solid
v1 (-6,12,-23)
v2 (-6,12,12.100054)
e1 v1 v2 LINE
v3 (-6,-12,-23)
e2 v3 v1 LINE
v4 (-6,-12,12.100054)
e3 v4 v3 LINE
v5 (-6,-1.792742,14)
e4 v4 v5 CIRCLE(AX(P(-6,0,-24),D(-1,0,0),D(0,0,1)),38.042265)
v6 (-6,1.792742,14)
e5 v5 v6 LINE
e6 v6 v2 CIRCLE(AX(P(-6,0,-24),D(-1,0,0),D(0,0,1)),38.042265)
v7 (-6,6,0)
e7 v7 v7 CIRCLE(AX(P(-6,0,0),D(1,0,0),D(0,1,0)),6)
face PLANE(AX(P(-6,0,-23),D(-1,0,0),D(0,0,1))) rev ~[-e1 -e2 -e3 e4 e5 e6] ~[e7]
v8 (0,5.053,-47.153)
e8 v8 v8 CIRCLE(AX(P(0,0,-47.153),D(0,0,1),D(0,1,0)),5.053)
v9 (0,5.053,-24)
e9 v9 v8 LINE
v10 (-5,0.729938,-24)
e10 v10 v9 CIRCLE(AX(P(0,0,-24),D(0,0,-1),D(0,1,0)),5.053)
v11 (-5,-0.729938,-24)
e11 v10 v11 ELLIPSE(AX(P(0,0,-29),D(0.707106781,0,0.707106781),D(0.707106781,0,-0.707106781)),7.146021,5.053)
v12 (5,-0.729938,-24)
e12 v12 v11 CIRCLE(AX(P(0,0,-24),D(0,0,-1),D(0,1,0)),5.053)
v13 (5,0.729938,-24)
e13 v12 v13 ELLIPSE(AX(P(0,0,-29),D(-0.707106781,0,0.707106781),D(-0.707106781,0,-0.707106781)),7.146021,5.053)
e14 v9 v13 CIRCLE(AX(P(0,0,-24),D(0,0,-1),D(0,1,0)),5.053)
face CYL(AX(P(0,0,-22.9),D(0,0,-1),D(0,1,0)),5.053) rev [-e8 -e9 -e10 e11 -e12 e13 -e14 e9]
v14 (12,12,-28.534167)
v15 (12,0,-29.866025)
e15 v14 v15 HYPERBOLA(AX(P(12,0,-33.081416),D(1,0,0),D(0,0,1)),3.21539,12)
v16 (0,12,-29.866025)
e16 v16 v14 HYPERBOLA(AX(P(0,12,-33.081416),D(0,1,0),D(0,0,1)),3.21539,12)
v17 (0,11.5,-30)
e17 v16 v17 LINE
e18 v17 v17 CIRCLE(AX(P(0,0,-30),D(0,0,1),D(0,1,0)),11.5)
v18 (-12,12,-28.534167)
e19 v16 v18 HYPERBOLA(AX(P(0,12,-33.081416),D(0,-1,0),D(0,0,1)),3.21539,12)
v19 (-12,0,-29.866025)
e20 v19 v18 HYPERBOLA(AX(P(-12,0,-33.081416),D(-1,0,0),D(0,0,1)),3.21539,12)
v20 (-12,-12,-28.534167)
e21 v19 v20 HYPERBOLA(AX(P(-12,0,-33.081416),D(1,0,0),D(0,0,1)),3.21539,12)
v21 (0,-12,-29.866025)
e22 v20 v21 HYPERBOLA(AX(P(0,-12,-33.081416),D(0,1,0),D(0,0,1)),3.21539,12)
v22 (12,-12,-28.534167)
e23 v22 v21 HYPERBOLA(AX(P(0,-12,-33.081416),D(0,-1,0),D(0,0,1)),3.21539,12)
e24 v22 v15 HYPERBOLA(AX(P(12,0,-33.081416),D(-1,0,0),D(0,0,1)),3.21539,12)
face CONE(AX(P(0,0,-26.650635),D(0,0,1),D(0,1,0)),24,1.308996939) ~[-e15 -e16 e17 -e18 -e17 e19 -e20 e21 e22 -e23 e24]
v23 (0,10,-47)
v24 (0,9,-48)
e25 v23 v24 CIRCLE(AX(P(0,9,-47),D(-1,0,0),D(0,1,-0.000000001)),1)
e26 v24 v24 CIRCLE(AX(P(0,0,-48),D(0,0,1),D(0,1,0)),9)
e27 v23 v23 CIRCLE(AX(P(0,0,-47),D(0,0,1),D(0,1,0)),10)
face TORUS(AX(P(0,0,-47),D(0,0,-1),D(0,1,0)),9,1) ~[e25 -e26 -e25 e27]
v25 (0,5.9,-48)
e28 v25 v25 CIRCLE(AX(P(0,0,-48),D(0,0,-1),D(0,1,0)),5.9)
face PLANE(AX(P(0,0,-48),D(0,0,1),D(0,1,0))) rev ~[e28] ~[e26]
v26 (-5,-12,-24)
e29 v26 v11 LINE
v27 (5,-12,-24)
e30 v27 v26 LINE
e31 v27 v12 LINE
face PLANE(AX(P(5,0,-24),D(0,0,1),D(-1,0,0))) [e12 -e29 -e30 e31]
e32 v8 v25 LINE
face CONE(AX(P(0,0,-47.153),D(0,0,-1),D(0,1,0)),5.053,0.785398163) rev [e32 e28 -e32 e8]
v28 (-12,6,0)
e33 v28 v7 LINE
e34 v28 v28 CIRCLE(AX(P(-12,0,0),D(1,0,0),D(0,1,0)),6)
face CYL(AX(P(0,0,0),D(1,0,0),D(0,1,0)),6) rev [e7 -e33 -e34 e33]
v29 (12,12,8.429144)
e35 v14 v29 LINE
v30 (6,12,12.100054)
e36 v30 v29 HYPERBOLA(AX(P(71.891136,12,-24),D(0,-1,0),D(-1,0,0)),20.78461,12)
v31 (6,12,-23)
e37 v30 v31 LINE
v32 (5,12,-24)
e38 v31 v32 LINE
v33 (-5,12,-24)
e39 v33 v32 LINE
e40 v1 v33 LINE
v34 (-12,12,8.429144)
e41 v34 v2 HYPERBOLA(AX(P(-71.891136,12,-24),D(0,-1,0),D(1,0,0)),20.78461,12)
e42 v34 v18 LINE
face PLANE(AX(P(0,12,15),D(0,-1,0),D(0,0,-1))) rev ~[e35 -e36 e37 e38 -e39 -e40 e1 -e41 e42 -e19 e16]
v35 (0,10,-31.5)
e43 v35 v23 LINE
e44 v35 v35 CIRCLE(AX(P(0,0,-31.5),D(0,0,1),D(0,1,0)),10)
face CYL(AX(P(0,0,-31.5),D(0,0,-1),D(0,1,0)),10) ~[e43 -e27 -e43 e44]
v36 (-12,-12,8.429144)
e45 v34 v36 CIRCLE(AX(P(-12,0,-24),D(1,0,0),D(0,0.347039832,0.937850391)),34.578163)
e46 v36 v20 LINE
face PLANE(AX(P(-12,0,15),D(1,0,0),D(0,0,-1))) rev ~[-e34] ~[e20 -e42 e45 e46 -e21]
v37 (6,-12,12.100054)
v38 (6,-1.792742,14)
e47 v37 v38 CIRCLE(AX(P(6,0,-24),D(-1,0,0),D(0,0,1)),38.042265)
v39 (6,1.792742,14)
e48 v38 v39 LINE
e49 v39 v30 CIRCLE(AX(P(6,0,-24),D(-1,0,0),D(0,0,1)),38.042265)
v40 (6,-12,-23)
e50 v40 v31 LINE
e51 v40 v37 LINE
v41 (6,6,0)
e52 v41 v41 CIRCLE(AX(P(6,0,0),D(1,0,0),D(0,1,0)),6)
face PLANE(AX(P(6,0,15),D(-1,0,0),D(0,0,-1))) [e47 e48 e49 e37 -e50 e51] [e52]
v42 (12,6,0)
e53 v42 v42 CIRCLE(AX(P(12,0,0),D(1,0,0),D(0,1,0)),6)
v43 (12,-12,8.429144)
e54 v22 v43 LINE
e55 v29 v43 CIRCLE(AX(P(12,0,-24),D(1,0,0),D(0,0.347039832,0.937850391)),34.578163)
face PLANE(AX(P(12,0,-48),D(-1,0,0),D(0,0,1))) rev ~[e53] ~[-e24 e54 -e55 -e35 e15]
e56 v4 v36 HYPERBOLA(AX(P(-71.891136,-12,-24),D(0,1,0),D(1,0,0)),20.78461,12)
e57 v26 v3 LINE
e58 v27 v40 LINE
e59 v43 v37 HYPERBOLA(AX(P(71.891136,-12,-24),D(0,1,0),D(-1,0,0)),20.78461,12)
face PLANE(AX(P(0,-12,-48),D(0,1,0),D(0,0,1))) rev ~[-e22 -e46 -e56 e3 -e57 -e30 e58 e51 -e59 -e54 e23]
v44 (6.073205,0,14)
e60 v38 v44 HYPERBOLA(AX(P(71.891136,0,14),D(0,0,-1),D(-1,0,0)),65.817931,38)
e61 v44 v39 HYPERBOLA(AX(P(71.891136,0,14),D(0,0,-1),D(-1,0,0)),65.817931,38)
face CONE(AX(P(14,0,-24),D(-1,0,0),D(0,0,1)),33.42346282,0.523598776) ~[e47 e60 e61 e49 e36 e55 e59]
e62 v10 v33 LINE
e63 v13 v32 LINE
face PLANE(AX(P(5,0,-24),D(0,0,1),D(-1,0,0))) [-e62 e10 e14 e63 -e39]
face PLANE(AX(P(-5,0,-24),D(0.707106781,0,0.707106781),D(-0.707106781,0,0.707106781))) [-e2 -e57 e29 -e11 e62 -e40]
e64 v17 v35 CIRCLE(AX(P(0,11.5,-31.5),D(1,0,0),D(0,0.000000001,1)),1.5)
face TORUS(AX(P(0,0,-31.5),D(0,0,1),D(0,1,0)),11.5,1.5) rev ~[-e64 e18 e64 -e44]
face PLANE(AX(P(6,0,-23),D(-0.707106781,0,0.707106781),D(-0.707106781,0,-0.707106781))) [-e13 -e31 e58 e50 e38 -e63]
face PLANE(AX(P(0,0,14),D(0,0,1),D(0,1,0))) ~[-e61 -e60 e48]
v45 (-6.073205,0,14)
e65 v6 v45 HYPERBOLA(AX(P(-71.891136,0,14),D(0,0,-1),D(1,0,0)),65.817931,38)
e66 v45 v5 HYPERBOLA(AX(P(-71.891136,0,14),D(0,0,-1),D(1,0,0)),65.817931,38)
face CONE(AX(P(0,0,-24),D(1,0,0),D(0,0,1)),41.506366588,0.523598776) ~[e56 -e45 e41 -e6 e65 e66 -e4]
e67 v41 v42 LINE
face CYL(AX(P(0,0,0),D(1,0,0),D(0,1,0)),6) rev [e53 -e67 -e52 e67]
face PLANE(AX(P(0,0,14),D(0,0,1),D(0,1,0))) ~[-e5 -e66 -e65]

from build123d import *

# Parameters (mm, degrees)
CUT_EXTRUDE1_DEPTH           = 25
CUT_EXTRUDE1_DEPTH_BACK      = 25
CUT_EXTRUDE2_DEPTH           = 25
CUT_EXTRUDE2_DEPTH_BACK      = 25
CUT_EXTRUDE3_DEPTH           = 25
CUT_EXTRUDE3_DEPTH_BACK      = 25
SKETCH5_W                    = 31.1
SKETCH5_H                    = 6
CUT_REVOLVE3_ANGLE           = 90
CUT_REVOLVE3_OTHER_WAY_ANGLE = 90


with BuildPart() as part:
    # Sketch1 → Revolve1 (revolve)
    with BuildSketch(Plane(origin=(0, 0, 0), x_dir=(0, 0, -1), z_dir=(1, 0, 0))):
        with BuildLine():
            Line((-14, 0), (-14, 24))
            Line((-14, 24), (26.650635095, 24))
            Line((26.650635095, 24), (30, 11.5))
            ThreePointArc((30, 11.5), (30.439339828, 10.439339828), (31.5, 10))
            Line((31.5, 10), (47, 10))
            ThreePointArc((47, 10), (47.707106781, 9.707106781), (48, 9))
            Line((48, 9), (48, 0))
            Line((48, 0), (-14, 0))
        make_face()
    revolve(axis=Axis((0, 0, -48), (0, 0, 1)))

    # Sketch2 → Cut-Extrude1 (cut, two sides: drawn at the far end of the back side and taken through both)
    with BuildSketch(Plane(origin=(0, 0, 0), x_dir=(1, 0, 0), z_dir=(0, 1, 0)).offset(-CUT_EXTRUDE1_DEPTH_BACK)):
        Polygon((-6, 23), (-6, -15), (6, -15), (6, 23), (5, 24), (-5, 24), align=None)
    extrude(amount=CUT_EXTRUDE1_DEPTH + CUT_EXTRUDE1_DEPTH_BACK, mode=Mode.SUBTRACT)

    # Sketch3 → Cut-Extrude2 (cut, two sides: drawn at the far end of the back side and taken through both)
    with BuildSketch(Plane(origin=(0, 0, 0), x_dir=(0, 0, -1), z_dir=(1, 0, 0)).offset(-CUT_EXTRUDE2_DEPTH_BACK)):
        Polygon((-39, -36), (48, -36), (48, -12), (-15, -12), (-15, 12), (48, 12), (48, 36), (-39, 36), align=None)
    extrude(amount=CUT_EXTRUDE2_DEPTH + CUT_EXTRUDE2_DEPTH_BACK, mode=Mode.SUBTRACT)

    # Sketch4 → Cut-Extrude3 (cut, two sides: drawn at the far end of the back side and taken through both)
    with BuildSketch(Plane(origin=(0, 0, 0), x_dir=(1, 0, 0), z_dir=(0, 1, 0)).offset(-CUT_EXTRUDE3_DEPTH_BACK)):
        Polygon((-36, -39), (36, -39), (36, 48), (12, 48), (12, -15), (-12, -15), (-12, 48), (-36, 48), align=None)
    extrude(amount=CUT_EXTRUDE3_DEPTH + CUT_EXTRUDE3_DEPTH_BACK, mode=Mode.SUBTRACT)

    # Sketch5 → Cut-Revolve1 (revolve, cut)
    with BuildSketch(Plane.XY):
        with Locations((0, 3)):
            Rectangle(SKETCH5_W, SKETCH5_H)
    revolve(axis=Axis((15.55, 0, 0), (-1, 0, 0)), mode=Mode.SUBTRACT)

    # Sketch6 → Cut-Revolve2 (revolve, cut)
    with BuildSketch(Plane(origin=(0, 0, 0), x_dir=(0, 0, -1), z_dir=(1, 0, 0))):
        Polygon((22.9, 0), (22.9, 5.053), (47.153, 5.053), (48.1, 6), (48.1, 0), align=None)
    revolve(axis=Axis((0, 0, -48.1), (0, 0, 1)), mode=Mode.SUBTRACT)

    # Sketch7 → Cut-Revolve3 (revolve, cut)
    with BuildSketch(Plane(origin=(0, 0, 0), x_dir=(1, 0, 0), z_dir=(0, 1, 0))):
        Polygon((-14, -9.42346282), (-14, -37.136275741), (0, -45.219179509), (14, -37.136275741), (14, -9.42346282), (0, -17.506366588), align=None)
    revolve(axis=Axis((-14, 0, -24), (-1, 0, 0)), revolution_arc=CUT_REVOLVE3_ANGLE, mode=Mode.SUBTRACT)

    # Sketch7 → Cut-Revolve3 other way (revolve, cut)
    with BuildSketch(Plane(origin=(0, 0, 0), x_dir=(1, 0, 0), z_dir=(0, 1, 0))):
        Polygon((-14, -9.42346282), (-14, -37.136275741), (0, -45.219179509), (14, -37.136275741), (14, -9.42346282), (0, -17.506366588), align=None)
    revolve(axis=Axis((-14, 0, -24), (1, 0, 0)), revolution_arc=CUT_REVOLVE3_OTHER_WAY_ANGLE, mode=Mode.SUBTRACT)


solid = part.part
